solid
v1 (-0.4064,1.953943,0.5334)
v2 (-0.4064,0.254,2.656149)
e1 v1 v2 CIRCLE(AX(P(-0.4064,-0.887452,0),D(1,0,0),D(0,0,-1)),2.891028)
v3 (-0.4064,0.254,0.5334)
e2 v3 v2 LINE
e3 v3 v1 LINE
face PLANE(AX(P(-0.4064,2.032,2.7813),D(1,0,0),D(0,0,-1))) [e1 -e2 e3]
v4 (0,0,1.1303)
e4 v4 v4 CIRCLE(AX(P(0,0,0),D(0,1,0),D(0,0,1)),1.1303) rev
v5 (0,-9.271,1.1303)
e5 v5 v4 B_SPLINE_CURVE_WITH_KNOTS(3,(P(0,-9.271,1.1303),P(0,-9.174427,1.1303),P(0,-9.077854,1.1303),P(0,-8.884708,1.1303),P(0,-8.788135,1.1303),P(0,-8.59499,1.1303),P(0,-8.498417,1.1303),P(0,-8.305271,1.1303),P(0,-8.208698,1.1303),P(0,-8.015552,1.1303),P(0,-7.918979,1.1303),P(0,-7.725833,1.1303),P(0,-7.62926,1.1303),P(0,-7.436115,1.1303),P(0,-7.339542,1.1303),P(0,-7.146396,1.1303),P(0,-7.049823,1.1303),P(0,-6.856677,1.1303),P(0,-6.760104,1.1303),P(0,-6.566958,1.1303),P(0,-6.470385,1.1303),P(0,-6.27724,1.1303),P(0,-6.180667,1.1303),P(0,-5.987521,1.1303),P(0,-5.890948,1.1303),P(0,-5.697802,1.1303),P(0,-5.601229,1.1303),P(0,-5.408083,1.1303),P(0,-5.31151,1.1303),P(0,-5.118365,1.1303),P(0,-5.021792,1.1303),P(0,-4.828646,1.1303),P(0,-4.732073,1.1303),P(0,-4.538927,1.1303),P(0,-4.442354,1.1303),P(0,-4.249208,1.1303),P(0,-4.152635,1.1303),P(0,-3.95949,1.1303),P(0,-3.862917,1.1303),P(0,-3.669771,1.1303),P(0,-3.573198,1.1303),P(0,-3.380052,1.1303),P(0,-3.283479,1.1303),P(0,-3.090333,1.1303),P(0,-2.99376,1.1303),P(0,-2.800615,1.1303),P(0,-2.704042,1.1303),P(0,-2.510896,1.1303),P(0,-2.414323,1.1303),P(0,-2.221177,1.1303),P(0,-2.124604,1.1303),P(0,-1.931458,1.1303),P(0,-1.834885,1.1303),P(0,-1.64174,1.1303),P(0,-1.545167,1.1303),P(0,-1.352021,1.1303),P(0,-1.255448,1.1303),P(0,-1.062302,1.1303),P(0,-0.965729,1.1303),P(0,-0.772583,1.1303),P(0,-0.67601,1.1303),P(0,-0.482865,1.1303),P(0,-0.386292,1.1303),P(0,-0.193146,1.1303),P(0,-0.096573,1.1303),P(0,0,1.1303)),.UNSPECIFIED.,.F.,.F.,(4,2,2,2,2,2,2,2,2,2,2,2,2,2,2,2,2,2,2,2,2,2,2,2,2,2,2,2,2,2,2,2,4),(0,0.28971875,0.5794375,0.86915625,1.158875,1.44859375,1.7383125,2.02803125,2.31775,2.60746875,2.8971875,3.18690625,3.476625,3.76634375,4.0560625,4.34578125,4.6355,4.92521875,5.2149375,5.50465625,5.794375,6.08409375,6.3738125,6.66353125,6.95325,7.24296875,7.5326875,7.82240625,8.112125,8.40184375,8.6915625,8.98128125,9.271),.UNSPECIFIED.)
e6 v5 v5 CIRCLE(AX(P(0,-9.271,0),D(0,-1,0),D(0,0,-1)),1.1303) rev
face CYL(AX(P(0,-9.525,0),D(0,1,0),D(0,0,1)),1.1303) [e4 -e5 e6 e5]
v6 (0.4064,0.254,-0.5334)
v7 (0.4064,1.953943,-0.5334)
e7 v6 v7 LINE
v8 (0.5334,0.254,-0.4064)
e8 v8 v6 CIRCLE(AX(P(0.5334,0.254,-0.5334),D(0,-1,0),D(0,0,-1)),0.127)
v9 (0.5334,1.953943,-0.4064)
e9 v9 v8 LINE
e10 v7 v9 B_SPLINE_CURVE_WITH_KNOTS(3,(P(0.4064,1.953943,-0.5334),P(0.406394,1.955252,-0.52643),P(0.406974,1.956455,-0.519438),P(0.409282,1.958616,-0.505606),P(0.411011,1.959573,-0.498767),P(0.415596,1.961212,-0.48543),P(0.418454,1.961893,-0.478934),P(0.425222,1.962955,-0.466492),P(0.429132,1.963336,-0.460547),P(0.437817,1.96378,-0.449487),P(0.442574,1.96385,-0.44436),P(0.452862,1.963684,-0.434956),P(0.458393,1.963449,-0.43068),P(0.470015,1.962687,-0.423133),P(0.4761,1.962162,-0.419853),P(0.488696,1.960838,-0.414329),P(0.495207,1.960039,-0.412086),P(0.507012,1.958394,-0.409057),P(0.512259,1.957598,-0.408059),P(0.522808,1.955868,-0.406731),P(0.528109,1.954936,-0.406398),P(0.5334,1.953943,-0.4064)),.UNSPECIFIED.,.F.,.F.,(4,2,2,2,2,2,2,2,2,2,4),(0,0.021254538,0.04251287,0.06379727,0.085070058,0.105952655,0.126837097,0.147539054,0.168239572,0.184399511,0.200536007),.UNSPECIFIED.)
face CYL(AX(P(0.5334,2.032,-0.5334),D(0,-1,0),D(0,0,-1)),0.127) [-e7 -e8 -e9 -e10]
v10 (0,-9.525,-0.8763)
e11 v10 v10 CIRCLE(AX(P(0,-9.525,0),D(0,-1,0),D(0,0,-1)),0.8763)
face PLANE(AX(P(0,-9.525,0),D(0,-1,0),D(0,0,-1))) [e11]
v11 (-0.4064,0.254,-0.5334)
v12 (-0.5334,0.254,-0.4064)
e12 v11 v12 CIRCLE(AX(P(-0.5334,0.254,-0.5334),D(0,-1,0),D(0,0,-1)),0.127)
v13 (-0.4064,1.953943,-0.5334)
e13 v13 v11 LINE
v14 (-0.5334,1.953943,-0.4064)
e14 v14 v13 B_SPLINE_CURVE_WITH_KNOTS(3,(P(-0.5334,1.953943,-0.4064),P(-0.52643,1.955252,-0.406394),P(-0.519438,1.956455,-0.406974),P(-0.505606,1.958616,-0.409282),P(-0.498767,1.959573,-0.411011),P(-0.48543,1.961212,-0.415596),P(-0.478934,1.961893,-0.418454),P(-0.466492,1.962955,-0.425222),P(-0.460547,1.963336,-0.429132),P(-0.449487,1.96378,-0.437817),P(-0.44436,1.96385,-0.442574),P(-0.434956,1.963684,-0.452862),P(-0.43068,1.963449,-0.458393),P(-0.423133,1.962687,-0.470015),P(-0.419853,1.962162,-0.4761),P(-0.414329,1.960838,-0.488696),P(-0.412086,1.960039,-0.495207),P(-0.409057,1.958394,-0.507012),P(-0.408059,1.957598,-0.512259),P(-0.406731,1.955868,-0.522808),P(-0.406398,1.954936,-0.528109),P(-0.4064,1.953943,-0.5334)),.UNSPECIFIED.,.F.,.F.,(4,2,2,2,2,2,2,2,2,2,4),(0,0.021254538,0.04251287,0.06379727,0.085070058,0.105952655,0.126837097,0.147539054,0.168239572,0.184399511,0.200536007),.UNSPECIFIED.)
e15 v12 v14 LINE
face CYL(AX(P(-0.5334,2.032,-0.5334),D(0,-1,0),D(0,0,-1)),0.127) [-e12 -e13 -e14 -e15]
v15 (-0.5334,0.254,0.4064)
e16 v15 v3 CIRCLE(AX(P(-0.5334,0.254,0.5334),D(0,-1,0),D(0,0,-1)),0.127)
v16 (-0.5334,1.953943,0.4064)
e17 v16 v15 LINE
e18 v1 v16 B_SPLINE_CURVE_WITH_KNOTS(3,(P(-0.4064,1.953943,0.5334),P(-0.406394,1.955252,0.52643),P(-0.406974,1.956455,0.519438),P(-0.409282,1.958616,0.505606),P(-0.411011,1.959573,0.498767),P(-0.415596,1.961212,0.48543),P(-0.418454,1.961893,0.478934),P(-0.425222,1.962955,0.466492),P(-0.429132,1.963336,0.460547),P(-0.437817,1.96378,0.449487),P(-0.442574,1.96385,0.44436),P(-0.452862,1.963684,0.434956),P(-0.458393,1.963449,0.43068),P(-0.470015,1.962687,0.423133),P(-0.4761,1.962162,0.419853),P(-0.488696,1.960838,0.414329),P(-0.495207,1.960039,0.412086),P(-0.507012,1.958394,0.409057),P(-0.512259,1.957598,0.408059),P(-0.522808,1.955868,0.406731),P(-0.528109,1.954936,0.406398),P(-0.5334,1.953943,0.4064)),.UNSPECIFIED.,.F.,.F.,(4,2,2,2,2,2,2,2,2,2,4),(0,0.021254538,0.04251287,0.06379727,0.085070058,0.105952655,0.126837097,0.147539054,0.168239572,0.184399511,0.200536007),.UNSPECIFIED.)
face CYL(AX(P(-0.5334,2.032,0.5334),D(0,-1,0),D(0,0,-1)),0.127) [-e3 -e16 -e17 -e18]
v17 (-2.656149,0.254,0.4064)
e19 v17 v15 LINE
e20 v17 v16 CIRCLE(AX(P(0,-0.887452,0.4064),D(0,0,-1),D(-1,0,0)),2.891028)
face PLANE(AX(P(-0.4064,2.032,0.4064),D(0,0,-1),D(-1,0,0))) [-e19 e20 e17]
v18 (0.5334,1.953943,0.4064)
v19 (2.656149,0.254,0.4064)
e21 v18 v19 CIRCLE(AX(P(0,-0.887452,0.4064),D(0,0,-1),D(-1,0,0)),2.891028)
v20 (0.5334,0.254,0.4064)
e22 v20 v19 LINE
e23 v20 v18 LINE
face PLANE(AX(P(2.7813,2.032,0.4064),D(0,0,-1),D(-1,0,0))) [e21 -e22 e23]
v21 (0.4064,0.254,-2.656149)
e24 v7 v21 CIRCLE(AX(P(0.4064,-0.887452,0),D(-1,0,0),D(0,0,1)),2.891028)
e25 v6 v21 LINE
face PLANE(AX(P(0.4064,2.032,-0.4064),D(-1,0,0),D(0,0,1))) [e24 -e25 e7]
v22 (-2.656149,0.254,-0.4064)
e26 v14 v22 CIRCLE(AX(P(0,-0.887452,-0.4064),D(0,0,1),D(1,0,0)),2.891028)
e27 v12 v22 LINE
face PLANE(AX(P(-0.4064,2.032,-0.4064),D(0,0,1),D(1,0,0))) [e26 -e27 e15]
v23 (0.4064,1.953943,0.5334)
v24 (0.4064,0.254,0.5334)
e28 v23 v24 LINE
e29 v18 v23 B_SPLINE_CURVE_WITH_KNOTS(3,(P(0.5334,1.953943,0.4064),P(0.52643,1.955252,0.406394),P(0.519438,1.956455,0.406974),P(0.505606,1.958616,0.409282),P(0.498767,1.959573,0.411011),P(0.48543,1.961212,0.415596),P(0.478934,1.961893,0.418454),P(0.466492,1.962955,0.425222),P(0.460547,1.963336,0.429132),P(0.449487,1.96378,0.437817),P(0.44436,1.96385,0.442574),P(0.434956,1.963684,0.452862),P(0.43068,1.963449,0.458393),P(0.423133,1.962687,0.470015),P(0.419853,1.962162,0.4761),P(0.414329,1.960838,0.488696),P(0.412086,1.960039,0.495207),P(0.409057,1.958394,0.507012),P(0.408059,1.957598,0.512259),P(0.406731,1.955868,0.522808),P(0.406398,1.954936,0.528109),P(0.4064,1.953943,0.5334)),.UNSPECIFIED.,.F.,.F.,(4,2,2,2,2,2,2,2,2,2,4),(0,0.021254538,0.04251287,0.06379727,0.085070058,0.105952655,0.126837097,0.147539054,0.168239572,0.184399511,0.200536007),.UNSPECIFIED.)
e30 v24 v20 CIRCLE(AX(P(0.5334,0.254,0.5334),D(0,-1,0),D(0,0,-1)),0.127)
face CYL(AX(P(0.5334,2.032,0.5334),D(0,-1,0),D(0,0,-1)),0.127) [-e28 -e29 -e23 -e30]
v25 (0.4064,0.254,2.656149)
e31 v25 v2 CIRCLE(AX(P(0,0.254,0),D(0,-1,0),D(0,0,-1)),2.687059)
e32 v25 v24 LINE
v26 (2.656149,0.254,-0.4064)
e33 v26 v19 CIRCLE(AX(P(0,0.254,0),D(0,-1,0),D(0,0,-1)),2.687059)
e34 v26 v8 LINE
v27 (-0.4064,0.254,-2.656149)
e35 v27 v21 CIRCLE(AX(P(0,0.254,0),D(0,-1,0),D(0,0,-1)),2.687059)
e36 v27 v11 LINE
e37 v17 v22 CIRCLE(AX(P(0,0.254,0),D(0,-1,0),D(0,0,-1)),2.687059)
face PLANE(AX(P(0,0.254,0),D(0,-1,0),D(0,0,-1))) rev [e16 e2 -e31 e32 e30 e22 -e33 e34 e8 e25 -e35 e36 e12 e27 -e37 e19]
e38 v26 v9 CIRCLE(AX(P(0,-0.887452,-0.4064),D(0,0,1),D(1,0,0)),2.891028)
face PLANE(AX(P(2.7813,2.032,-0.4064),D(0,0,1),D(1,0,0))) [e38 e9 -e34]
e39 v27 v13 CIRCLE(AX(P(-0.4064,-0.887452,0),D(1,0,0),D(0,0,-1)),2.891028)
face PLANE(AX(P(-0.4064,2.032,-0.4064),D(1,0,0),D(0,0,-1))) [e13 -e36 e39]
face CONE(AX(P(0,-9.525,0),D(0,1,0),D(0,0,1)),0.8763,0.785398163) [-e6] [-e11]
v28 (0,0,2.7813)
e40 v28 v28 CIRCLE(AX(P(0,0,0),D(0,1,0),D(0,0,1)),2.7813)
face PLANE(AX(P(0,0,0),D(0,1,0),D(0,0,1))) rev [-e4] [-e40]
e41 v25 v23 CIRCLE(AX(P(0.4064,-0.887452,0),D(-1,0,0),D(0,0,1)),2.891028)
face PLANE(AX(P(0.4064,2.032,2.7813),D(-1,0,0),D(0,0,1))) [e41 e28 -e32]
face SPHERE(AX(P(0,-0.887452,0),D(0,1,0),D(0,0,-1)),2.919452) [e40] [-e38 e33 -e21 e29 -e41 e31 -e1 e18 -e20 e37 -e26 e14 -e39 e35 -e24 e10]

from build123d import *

# Parameters (mm, degrees)
SKETCH3_R           = 1.1303
BOSS_EXTRUDE1_DEPTH = 9.525
CHAMFER1_SIZE       = 0.254
CUT_EXTRUDE1_START  = 0.254
CUT_EXTRUDE1_DEPTH  = 11.051187256
FILLET1_R           = 0.127


with BuildPart() as part:
    # Sketch2 → Revolve1 (revolve)
    with BuildSketch(Plane(origin=(0, 0, 0), x_dir=(0, 0, -1), z_dir=(1, 0, 0))):
        with BuildLine():
            Line((0, 0), (2.7813, 0))
            ThreePointArc((2.7813, 0), (1.72225533, 1.469884796), (0, 2.032))
            Line((0, 2.032), (0, 0))
        make_face()
    revolve(axis=Axis((0, 0.415157056, 0), (0, -1, 0)))

    # Sketch3 → Boss-Extrude1 (add)
    with BuildSketch(Plane.XZ):
        with Locations(Location((0, 0, 0), (0, 0, 90))):
            Circle(SKETCH3_R)
    extrude(amount=BOSS_EXTRUDE1_DEPTH)

    # Chamfer1
    chamfer1_edges = [part.edges().sort_by_distance(p)[0] for p in [
        (0, -9.525, -1.1303),
    ]]
    chamfer(chamfer1_edges, length=CHAMFER1_SIZE)

    # Sketch4 → Cut-Extrude1 (cut, through all)
    with BuildSketch(Plane(origin=(0, 0, 0), x_dir=(1, 0, 0), z_dir=(0, 1, 0)).offset(CUT_EXTRUDE1_START)):
        Polygon((-0.4064, 0.4064), (-0.4064, 2.7813), (0.4064, 2.7813), (0.4064, 0.4064), (2.7813, 0.4064), (2.7813, -0.4064), (0.4064, -0.4064), (0.4064, -2.7813), (-0.4064, -2.7813), (-0.4064, -0.4064), (-2.7813, -0.4064), (-2.7813, 0.4064), align=None)
    extrude(amount=CUT_EXTRUDE1_DEPTH, mode=Mode.SUBTRACT)

    # Fillet1
    fillet1_edges = [part.edges().sort_by_distance(p)[0] for p in [
        (0.4064, 1.114434201, -0.4064),
        (-0.4064, 1.114434201, -0.4064),
        (-0.4064, 1.114434201, 0.4064),
        (0.4064, 1.114434201, 0.4064),
    ]]
    fillet(fillet1_edges, radius=FILLET1_R)


solid = part.part
